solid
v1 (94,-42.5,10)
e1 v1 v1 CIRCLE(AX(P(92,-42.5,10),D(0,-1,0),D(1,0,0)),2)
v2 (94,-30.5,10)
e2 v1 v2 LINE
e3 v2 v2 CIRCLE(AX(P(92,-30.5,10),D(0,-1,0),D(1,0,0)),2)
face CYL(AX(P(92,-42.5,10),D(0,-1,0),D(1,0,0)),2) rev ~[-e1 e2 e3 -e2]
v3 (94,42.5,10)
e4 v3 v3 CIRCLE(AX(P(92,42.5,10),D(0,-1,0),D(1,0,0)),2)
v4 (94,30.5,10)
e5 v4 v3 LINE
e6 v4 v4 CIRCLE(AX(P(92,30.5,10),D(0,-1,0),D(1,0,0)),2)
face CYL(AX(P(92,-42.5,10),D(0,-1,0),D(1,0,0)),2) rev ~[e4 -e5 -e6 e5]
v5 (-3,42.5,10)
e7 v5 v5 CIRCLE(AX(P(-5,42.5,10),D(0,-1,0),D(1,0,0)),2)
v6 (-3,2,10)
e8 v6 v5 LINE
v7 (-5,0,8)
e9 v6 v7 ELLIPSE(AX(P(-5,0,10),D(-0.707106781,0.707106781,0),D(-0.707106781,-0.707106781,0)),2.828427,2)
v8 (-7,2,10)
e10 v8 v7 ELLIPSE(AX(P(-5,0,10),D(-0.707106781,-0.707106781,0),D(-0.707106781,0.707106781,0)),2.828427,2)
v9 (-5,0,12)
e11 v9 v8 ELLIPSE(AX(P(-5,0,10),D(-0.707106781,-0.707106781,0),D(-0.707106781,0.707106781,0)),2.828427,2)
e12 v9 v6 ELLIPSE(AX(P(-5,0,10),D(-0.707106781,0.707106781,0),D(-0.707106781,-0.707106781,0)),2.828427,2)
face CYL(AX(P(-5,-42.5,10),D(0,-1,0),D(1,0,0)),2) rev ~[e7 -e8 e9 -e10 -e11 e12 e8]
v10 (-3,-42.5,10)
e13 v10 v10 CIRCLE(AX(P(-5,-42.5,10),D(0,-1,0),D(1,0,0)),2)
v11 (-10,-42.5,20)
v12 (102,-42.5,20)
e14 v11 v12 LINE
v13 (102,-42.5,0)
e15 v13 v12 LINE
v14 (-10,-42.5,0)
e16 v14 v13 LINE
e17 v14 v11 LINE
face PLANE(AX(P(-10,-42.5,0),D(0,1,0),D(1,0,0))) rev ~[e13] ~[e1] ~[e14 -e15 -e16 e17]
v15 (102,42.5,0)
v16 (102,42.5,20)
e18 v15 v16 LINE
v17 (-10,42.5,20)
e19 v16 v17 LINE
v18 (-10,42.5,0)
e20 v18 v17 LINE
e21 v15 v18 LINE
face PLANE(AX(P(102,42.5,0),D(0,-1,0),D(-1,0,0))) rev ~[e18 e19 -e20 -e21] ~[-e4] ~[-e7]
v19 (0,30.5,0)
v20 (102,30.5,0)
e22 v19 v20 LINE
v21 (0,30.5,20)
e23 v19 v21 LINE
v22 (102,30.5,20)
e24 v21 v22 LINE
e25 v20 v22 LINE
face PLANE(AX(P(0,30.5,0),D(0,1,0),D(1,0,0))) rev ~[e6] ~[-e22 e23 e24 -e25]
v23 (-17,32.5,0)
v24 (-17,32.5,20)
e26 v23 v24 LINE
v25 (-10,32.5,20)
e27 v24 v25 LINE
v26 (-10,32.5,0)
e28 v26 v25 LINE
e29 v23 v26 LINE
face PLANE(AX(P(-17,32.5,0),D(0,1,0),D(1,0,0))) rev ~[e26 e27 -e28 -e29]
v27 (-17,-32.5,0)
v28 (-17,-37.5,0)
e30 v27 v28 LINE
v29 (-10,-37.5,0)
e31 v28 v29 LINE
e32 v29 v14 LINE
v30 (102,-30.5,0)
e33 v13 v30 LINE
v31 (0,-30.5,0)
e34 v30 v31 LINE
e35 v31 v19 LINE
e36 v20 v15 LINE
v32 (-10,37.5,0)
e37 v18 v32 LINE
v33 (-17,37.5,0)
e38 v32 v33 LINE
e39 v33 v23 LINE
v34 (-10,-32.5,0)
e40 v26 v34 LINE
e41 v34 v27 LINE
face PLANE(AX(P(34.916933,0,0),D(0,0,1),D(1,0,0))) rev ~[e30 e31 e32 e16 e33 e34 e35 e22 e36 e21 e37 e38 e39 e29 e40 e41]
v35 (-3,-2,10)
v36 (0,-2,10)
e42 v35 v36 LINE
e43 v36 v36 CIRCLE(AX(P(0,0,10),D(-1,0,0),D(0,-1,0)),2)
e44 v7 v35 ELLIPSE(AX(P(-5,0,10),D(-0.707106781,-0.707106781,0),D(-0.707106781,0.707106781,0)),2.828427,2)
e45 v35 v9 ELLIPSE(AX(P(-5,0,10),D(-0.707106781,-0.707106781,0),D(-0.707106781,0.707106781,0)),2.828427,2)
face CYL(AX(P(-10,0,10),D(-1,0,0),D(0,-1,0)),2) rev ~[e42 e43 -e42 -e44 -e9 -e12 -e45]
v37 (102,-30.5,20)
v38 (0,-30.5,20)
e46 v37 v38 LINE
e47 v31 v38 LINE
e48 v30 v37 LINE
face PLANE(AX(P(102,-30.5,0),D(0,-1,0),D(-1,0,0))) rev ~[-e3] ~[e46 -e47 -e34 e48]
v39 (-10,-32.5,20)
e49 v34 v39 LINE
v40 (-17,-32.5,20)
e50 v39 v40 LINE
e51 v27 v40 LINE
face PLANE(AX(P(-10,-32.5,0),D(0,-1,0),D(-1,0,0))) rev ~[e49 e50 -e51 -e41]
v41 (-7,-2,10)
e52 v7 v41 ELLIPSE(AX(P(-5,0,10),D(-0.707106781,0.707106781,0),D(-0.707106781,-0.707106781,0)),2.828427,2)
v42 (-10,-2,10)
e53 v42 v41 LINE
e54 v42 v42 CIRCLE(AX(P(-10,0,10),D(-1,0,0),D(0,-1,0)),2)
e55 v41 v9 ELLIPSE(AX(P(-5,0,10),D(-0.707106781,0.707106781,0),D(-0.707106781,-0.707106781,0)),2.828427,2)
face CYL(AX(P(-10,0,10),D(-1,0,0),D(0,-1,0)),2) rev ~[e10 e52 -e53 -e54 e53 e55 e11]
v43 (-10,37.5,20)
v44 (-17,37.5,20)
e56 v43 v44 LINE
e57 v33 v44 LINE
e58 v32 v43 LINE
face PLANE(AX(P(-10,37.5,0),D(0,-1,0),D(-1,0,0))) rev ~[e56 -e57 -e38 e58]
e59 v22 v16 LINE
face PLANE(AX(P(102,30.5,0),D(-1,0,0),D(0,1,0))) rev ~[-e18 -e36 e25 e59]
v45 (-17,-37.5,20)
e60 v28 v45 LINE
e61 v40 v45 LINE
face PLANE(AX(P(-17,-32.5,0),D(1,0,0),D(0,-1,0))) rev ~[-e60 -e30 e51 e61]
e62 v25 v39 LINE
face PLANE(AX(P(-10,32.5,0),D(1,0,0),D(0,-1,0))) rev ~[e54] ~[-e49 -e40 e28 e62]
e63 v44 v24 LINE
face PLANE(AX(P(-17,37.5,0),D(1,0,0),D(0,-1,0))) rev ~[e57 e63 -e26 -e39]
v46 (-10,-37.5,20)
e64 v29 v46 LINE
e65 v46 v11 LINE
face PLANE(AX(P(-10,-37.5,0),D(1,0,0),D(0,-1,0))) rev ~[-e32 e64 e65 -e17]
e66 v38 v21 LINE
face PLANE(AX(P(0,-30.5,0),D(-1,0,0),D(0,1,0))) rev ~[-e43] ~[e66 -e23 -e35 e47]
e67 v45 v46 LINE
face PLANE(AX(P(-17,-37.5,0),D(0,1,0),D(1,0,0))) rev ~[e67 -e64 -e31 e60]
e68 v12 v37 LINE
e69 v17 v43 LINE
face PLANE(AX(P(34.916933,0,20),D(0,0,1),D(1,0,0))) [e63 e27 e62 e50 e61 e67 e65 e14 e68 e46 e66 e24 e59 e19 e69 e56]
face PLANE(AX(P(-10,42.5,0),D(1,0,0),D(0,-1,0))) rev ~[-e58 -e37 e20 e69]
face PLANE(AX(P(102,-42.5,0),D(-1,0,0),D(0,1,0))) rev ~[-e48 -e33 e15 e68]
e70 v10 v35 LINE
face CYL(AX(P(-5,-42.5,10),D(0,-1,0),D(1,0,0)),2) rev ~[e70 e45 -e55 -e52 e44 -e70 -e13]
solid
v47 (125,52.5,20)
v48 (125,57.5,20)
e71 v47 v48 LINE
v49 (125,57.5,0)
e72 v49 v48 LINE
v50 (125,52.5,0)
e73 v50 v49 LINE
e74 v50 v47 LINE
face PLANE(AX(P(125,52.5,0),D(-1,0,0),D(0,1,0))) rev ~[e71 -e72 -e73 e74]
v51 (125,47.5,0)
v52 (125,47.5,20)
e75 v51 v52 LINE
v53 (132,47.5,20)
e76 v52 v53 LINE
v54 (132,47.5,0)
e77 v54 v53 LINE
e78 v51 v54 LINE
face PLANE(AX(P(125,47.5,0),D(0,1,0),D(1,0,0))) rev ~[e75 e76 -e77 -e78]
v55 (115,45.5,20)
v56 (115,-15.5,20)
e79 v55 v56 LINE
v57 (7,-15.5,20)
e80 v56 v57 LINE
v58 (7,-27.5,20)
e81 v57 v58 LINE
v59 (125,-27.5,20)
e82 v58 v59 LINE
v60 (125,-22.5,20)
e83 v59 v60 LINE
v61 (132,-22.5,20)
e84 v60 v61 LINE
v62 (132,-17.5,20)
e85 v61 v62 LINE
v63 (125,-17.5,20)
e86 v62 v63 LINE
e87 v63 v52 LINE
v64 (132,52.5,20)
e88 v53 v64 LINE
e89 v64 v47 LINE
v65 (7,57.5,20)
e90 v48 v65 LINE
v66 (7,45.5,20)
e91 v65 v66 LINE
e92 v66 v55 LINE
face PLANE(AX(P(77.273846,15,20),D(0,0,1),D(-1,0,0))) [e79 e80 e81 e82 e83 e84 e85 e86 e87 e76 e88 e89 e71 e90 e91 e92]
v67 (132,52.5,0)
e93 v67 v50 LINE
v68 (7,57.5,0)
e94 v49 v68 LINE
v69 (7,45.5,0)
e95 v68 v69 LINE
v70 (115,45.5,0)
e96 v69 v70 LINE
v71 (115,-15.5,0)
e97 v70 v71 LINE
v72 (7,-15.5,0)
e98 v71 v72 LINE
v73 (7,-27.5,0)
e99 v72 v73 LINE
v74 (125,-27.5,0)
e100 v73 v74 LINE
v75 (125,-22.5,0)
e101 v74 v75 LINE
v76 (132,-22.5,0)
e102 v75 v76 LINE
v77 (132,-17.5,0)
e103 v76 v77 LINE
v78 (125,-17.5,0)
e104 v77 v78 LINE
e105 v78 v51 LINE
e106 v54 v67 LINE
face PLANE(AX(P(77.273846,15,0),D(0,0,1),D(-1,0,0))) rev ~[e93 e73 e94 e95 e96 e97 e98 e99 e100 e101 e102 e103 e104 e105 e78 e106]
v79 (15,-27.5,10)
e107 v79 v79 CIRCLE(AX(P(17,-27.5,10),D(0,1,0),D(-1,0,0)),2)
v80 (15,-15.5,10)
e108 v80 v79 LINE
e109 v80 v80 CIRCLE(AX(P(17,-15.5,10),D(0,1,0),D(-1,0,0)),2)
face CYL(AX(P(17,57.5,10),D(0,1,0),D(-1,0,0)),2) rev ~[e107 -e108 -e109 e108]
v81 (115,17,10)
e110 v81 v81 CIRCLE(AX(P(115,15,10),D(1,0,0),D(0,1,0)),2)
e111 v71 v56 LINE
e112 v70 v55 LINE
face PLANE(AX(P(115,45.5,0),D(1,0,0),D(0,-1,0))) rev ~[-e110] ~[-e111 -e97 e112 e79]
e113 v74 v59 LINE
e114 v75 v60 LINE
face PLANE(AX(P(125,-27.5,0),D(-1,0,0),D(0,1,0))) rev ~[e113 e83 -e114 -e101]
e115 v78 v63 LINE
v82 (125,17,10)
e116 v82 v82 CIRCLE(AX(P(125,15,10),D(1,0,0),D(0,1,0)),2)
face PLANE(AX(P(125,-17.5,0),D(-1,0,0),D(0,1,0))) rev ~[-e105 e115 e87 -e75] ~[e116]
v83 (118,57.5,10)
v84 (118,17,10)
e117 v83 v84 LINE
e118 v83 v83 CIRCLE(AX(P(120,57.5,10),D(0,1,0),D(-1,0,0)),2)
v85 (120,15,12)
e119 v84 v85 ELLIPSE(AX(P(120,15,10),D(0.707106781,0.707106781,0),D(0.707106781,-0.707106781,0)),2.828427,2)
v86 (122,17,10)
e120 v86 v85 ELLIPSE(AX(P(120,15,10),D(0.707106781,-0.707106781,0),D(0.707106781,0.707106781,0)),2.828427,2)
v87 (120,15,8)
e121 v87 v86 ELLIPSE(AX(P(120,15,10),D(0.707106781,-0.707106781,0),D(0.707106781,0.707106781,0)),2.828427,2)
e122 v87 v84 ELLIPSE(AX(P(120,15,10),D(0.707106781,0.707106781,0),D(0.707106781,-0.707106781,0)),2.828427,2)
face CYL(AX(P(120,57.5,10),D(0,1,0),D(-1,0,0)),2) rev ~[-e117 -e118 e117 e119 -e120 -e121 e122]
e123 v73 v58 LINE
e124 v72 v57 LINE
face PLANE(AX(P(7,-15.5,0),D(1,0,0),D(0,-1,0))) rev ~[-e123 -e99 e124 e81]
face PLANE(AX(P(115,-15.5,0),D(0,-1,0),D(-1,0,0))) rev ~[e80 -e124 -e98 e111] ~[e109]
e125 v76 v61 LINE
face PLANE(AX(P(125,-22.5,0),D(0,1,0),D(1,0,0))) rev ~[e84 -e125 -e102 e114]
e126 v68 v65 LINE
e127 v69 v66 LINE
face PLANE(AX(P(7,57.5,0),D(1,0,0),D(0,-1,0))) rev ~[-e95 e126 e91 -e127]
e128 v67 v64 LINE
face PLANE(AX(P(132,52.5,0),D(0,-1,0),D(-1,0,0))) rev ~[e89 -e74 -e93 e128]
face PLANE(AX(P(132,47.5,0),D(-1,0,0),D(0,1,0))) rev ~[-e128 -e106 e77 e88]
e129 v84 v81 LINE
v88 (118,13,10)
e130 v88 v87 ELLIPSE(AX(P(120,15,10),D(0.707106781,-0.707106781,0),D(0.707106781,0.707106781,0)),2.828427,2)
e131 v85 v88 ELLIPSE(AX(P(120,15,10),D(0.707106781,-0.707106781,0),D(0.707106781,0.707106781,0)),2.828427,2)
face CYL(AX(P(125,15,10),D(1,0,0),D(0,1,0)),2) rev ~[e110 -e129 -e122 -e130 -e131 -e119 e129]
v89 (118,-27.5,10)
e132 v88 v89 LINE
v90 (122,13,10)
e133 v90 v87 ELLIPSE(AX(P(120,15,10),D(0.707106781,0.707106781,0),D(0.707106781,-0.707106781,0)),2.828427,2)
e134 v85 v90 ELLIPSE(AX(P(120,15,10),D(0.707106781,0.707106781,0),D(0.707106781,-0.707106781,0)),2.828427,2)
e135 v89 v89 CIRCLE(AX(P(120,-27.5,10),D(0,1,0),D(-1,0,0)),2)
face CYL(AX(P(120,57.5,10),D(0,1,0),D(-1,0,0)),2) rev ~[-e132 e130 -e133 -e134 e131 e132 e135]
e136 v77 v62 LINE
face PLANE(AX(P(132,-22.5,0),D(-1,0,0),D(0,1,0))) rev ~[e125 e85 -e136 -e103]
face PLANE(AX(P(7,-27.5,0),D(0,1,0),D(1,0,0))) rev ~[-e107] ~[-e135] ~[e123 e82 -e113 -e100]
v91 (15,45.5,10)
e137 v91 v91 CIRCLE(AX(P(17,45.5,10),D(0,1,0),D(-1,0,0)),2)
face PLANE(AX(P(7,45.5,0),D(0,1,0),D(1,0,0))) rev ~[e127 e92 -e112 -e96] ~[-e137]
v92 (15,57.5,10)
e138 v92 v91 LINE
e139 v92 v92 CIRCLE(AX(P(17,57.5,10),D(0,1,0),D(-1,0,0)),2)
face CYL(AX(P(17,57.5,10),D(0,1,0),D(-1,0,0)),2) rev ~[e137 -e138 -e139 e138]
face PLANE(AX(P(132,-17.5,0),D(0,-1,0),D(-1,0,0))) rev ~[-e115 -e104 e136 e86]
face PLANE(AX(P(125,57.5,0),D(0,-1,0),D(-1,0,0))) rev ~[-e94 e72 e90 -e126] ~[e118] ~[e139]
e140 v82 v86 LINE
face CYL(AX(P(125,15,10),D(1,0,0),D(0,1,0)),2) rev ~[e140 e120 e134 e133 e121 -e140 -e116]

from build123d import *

# Parameters (mm, degrees)
PAD_DEPTH       = 20
SKETCH004_R     = 2
POCKET002_DEPTH = 112.001
SKETCH005_R     = 2
POCKET003_DEPTH = 85.001
PAD001_DEPTH    = 20
SKETCH007_R     = 2
POCKET004_DEPTH = 118.001
SKETCH008_R     = 2
POCKET005_DEPTH = 85.001


with BuildPart() as soporte_agujero_superior_lateral:
    # Sketch → Pad (new body)
    with BuildSketch(Plane.XY):
        Polygon((-10, -42.5), (102, -42.5), (102, -30.5), (0, -30.5), (0, 30.5), (102, 30.5), (102, 42.5), (-10, 42.5), (-10, 37.5), (-17, 37.5), (-17, 32.5), (-10, 32.5), (-10, -32.5), (-17, -32.5), (-17, -37.5), (-10, -37.5), align=None)
    extrude(amount=PAD_DEPTH)

    # Sketch004 → Pocket002 (cut, through all)
    with BuildSketch(Plane(origin=(-10, 0, 0), x_dir=(0, -1, 0), z_dir=(-1, 0, 0))):
        with Locations((0, 10)):
            Circle(SKETCH004_R)
    extrude(amount=-POCKET002_DEPTH, mode=Mode.SUBTRACT)

    # Sketch005 → Pocket003 (cut, through all)
    with BuildSketch(Plane.XZ.offset(42.5)):
        with Locations((-5, 10)):
            Circle(SKETCH005_R)
        with Locations((92, 10)):
            Circle(SKETCH005_R)
    extrude(amount=-POCKET003_DEPTH, mode=Mode.SUBTRACT)


with BuildPart() as soporte_agujero_superior_lateral001:
    # Sketch006 → Pad001 (new body)
    with BuildSketch(Plane(origin=(115, 15, 0), x_dir=(-1, 0, 0), z_dir=(0, 0, 1))):
        Polygon((-10, -42.5), (108, -42.5), (108, -30.5), (0, -30.5), (0, 30.5), (108, 30.5), (108, 42.5), (-10, 42.5), (-10, 37.5), (-17, 37.5), (-17, 32.5), (-10, 32.5), (-10, -32.5), (-17, -32.5), (-17, -37.5), (-10, -37.5), align=None)
    extrude(amount=PAD001_DEPTH)

    # Sketch007 → Pocket004 (cut, through all)
    with BuildSketch(Plane(origin=(125, 15, 0), x_dir=(0, 1, 0), z_dir=(1, 0, 0))):
        with Locations((0, 10)):
            Circle(SKETCH007_R)
    extrude(amount=-POCKET004_DEPTH, mode=Mode.SUBTRACT)

    # Sketch008 → Pocket005 (cut, through all)
    with BuildSketch(Plane(origin=(115, 57.5, 0), x_dir=(-1, 0, 0), z_dir=(0, 1, 0))):
        with Locations((-5, 10)):
            Circle(SKETCH008_R)
        with Locations((98, 10)):
            Circle(SKETCH008_R)
    extrude(amount=-POCKET005_DEPTH, mode=Mode.SUBTRACT)


solid = Compound([soporte_agujero_superior_lateral.part, soporte_agujero_superior_lateral001.part])
